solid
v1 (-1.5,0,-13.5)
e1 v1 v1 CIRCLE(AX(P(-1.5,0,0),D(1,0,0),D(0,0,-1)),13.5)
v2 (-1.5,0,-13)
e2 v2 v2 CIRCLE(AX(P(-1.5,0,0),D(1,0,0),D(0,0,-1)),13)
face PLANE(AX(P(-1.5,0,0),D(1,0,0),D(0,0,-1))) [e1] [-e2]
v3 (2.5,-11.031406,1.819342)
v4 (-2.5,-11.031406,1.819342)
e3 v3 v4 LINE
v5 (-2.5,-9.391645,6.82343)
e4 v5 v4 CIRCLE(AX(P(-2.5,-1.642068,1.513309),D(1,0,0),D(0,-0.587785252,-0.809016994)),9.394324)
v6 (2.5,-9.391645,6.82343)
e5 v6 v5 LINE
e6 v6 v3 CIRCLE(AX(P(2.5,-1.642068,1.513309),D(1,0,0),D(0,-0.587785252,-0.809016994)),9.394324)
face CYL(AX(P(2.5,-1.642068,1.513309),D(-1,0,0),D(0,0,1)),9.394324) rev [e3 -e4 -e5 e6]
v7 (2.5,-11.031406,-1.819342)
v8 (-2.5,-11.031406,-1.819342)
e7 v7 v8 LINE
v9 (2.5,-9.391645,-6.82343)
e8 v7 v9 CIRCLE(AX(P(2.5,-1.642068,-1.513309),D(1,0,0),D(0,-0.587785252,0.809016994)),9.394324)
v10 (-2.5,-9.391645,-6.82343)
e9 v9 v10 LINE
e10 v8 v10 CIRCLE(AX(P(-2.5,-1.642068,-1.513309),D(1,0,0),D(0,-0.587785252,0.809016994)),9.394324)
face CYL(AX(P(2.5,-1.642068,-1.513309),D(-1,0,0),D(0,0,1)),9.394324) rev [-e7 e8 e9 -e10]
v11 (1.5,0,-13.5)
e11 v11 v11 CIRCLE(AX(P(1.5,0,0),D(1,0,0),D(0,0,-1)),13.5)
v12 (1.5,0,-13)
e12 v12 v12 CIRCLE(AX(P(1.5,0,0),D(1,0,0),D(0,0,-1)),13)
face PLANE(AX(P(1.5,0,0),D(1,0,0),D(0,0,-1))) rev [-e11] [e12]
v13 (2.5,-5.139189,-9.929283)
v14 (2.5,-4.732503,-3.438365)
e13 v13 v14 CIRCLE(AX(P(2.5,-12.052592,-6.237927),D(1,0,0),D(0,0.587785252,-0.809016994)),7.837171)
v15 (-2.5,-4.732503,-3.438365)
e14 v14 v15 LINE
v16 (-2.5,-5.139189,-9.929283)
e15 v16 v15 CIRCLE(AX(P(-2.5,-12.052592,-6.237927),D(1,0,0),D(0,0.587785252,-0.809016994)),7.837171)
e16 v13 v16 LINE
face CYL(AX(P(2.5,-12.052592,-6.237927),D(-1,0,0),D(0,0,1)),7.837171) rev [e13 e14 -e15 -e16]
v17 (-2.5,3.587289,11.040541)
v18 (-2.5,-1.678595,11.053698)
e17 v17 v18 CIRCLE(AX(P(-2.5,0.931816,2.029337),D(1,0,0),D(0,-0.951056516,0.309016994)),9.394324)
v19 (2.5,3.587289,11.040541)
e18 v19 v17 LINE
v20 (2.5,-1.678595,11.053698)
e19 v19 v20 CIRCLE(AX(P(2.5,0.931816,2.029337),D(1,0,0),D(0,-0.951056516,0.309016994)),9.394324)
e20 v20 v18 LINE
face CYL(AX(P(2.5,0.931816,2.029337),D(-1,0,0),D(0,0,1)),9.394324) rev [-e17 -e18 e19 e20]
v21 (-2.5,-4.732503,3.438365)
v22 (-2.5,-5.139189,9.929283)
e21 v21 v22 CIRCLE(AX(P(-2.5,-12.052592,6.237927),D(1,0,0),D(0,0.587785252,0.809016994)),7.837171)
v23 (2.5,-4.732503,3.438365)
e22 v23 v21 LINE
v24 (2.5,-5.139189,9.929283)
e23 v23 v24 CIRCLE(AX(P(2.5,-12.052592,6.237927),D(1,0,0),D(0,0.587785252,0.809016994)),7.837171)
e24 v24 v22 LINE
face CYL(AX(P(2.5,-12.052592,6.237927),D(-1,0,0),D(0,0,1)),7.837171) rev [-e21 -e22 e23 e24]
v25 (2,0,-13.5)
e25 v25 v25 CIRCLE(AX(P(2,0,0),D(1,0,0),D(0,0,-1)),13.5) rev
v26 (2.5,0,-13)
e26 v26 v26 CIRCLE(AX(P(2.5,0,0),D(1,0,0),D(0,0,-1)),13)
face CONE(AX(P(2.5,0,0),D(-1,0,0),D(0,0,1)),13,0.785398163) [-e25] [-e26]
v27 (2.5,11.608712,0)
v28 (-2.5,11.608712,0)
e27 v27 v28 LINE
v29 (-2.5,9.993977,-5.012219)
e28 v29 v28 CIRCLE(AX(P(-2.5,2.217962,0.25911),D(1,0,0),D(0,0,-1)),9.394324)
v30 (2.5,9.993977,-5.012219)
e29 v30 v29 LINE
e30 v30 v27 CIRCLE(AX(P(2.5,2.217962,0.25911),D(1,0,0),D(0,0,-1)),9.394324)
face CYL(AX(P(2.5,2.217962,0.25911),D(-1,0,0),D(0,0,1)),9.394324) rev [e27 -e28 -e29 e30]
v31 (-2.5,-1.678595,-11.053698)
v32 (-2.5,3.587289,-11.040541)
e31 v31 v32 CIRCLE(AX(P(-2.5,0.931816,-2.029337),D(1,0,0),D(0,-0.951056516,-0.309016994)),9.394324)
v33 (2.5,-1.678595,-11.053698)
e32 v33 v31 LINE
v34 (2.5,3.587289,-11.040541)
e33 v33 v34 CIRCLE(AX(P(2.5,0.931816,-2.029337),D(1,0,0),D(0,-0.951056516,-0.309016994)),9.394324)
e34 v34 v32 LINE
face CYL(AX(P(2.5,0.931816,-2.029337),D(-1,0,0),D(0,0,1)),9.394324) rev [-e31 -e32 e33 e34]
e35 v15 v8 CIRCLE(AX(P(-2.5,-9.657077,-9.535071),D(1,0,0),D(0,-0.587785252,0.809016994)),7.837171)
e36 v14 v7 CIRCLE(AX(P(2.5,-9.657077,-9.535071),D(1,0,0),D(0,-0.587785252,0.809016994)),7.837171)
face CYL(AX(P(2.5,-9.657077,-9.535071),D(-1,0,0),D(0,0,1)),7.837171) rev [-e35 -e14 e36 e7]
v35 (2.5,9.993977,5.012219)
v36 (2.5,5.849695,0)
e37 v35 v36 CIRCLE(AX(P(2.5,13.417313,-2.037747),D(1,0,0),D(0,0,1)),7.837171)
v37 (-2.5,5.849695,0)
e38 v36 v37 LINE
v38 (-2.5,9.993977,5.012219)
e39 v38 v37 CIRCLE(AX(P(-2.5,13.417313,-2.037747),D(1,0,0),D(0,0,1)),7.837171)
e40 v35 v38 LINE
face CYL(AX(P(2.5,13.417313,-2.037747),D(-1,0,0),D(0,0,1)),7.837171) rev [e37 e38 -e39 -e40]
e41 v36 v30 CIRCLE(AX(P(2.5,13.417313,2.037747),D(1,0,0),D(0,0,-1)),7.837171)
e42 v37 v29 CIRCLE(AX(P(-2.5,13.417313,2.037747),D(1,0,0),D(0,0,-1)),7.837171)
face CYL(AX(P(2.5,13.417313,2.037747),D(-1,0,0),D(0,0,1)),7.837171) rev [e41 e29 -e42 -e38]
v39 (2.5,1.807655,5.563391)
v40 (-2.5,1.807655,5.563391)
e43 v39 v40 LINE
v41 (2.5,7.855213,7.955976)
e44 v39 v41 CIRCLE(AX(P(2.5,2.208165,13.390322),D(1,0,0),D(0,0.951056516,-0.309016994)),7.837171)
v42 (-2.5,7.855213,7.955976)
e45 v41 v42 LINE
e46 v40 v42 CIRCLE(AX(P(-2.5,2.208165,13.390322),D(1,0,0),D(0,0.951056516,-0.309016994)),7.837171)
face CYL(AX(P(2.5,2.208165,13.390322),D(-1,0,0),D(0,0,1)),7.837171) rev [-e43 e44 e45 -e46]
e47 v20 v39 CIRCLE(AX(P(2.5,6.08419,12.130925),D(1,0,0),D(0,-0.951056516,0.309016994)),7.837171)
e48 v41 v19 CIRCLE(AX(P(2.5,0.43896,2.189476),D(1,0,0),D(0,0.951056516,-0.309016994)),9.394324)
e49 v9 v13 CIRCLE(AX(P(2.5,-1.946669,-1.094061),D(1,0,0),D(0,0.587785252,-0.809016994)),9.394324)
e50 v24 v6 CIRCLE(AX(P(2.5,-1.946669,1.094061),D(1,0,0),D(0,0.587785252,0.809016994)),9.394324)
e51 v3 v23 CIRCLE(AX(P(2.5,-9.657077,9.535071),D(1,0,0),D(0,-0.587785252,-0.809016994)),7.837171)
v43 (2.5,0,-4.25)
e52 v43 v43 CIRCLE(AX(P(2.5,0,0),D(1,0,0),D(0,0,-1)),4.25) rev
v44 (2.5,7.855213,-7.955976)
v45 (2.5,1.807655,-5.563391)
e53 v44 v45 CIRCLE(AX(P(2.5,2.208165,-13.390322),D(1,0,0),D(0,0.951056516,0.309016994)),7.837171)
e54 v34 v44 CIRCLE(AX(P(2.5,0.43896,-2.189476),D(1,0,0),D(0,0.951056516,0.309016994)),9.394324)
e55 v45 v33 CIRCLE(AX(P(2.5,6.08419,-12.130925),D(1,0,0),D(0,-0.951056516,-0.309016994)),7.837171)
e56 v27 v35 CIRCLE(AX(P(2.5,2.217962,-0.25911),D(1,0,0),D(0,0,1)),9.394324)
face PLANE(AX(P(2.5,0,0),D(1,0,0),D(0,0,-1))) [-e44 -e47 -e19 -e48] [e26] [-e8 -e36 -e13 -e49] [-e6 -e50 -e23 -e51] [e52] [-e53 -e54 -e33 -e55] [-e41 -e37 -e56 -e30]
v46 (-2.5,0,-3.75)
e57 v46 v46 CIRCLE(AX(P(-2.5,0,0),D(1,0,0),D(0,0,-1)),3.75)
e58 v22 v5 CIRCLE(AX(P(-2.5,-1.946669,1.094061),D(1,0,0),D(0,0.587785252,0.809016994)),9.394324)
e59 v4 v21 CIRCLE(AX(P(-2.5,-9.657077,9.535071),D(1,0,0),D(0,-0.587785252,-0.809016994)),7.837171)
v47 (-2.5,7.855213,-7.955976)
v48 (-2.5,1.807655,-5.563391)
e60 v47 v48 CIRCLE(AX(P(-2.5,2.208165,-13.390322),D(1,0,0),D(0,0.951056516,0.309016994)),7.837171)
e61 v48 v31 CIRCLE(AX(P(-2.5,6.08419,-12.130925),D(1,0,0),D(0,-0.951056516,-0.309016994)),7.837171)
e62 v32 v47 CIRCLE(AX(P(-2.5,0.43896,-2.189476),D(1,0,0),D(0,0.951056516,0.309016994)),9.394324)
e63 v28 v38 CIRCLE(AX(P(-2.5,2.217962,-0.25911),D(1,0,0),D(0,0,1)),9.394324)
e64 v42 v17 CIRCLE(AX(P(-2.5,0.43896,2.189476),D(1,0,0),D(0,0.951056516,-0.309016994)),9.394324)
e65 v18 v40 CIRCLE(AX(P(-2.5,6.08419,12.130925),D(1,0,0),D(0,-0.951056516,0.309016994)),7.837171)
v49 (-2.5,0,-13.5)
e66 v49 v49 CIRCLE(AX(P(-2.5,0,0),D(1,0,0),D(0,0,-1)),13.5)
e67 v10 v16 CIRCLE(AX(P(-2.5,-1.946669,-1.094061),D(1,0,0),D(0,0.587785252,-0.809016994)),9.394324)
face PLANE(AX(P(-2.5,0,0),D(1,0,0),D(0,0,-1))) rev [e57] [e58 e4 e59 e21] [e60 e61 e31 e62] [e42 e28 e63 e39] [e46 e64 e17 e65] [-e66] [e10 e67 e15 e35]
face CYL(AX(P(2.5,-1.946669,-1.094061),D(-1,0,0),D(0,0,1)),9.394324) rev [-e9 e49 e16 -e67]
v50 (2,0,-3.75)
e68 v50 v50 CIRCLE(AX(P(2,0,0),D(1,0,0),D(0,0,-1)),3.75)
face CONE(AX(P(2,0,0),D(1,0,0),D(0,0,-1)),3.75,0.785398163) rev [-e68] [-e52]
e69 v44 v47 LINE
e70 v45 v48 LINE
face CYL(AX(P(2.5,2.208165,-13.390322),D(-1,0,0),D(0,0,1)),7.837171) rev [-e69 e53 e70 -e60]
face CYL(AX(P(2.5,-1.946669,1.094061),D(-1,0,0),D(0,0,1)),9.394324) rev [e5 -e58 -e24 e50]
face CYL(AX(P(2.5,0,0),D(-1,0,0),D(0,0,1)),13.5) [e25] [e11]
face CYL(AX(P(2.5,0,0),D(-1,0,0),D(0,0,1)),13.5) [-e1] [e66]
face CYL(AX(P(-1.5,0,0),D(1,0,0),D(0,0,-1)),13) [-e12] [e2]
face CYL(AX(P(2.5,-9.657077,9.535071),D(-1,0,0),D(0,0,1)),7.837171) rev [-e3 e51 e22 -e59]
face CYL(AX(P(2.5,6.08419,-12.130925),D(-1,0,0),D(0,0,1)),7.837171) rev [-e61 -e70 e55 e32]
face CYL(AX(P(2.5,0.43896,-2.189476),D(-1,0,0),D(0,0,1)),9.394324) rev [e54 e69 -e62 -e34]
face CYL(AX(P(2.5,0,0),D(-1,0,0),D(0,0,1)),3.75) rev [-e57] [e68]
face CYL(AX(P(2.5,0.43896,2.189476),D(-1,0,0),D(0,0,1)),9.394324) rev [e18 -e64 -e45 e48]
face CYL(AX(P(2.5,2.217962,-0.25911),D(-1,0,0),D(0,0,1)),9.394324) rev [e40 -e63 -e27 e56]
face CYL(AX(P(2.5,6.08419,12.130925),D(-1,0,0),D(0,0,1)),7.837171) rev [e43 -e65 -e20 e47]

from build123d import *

# Parameters (mm, degrees)
SKETCH1_R           = 13.5
SKETCH1_R_2         = 3.75
BOSS_EXTRUDE1_DEPTH = 2.5
CUT_EXTRUDE1_DEPTH  = 20.254869514
CIRPATTERN1_COUNT   = 5
CHAMFER1_SIZE       = 0.5
SKETCH4_R           = 13.5
SKETCH4_R_2         = 13
CUT_EXTRUDE3_DEPTH  = 1.5


with BuildPart() as part:
    # Sketch1 → Boss-Extrude1 (new, symmetric)
    with BuildSketch(Plane(origin=(0, 0, 0), x_dir=(0, 0, -1), z_dir=(1, 0, 0))):
        Circle(SKETCH1_R)
        Circle(SKETCH1_R_2, mode=Mode.SUBTRACT)
    extrude(amount=BOSS_EXTRUDE1_DEPTH, both=True)

    # Sketch2 → Cut-Extrude1 (cut, symmetric)
    with BuildSketch(Plane(origin=(0, 0, 0), x_dir=(0, 0, -1), z_dir=(1, 0, 0))):
        with BuildLine():
            ThreePointArc((0, 5.849695328), (-2.956289657, 7.377375059), (-5.012219469, 9.99397715))
            ThreePointArc((-5.012219469, 9.99397715), (-2.621563936, 11.159720287), (0, 11.6087119))
            ThreePointArc((0, 11.6087119), (2.621563936, 11.159720287), (5.012219469, 9.99397715))
            ThreePointArc((5.012219469, 9.99397715), (2.956289657, 7.377375059), (0, 5.849695328))
        make_face()
    cut_extrude1 = extrude(amount=CUT_EXTRUDE1_DEPTH, both=True, mode=Mode.SUBTRACT)

    # CirPattern1: Cut-Extrude1 ×5 about axis
    cirpattern1_axis = Axis((0, 0, 0), (1, 0, 0))
    for i in range(1, CIRPATTERN1_COUNT):
        add(cut_extrude1.rotate(cirpattern1_axis, i * 360 / CIRPATTERN1_COUNT), mode=Mode.SUBTRACT)

    # Chamfer1
    chamfer1_edges = [part.edges().sort_by_distance(p)[0] for p in [
        (2.5, 0, 13.5),
        (2.5, 0, 3.75),
    ]]
    chamfer(chamfer1_edges, length=CHAMFER1_SIZE)

    # Sketch4 → Cut-Extrude3 (cut, symmetric)
    with BuildSketch(Plane(origin=(0, 0, 0), x_dir=(0, 0, -1), z_dir=(1, 0, 0))):
        Circle(SKETCH4_R)
        Circle(SKETCH4_R_2, mode=Mode.SUBTRACT)
    extrude(amount=CUT_EXTRUDE3_DEPTH, both=True, mode=Mode.SUBTRACT)


solid = part.part
